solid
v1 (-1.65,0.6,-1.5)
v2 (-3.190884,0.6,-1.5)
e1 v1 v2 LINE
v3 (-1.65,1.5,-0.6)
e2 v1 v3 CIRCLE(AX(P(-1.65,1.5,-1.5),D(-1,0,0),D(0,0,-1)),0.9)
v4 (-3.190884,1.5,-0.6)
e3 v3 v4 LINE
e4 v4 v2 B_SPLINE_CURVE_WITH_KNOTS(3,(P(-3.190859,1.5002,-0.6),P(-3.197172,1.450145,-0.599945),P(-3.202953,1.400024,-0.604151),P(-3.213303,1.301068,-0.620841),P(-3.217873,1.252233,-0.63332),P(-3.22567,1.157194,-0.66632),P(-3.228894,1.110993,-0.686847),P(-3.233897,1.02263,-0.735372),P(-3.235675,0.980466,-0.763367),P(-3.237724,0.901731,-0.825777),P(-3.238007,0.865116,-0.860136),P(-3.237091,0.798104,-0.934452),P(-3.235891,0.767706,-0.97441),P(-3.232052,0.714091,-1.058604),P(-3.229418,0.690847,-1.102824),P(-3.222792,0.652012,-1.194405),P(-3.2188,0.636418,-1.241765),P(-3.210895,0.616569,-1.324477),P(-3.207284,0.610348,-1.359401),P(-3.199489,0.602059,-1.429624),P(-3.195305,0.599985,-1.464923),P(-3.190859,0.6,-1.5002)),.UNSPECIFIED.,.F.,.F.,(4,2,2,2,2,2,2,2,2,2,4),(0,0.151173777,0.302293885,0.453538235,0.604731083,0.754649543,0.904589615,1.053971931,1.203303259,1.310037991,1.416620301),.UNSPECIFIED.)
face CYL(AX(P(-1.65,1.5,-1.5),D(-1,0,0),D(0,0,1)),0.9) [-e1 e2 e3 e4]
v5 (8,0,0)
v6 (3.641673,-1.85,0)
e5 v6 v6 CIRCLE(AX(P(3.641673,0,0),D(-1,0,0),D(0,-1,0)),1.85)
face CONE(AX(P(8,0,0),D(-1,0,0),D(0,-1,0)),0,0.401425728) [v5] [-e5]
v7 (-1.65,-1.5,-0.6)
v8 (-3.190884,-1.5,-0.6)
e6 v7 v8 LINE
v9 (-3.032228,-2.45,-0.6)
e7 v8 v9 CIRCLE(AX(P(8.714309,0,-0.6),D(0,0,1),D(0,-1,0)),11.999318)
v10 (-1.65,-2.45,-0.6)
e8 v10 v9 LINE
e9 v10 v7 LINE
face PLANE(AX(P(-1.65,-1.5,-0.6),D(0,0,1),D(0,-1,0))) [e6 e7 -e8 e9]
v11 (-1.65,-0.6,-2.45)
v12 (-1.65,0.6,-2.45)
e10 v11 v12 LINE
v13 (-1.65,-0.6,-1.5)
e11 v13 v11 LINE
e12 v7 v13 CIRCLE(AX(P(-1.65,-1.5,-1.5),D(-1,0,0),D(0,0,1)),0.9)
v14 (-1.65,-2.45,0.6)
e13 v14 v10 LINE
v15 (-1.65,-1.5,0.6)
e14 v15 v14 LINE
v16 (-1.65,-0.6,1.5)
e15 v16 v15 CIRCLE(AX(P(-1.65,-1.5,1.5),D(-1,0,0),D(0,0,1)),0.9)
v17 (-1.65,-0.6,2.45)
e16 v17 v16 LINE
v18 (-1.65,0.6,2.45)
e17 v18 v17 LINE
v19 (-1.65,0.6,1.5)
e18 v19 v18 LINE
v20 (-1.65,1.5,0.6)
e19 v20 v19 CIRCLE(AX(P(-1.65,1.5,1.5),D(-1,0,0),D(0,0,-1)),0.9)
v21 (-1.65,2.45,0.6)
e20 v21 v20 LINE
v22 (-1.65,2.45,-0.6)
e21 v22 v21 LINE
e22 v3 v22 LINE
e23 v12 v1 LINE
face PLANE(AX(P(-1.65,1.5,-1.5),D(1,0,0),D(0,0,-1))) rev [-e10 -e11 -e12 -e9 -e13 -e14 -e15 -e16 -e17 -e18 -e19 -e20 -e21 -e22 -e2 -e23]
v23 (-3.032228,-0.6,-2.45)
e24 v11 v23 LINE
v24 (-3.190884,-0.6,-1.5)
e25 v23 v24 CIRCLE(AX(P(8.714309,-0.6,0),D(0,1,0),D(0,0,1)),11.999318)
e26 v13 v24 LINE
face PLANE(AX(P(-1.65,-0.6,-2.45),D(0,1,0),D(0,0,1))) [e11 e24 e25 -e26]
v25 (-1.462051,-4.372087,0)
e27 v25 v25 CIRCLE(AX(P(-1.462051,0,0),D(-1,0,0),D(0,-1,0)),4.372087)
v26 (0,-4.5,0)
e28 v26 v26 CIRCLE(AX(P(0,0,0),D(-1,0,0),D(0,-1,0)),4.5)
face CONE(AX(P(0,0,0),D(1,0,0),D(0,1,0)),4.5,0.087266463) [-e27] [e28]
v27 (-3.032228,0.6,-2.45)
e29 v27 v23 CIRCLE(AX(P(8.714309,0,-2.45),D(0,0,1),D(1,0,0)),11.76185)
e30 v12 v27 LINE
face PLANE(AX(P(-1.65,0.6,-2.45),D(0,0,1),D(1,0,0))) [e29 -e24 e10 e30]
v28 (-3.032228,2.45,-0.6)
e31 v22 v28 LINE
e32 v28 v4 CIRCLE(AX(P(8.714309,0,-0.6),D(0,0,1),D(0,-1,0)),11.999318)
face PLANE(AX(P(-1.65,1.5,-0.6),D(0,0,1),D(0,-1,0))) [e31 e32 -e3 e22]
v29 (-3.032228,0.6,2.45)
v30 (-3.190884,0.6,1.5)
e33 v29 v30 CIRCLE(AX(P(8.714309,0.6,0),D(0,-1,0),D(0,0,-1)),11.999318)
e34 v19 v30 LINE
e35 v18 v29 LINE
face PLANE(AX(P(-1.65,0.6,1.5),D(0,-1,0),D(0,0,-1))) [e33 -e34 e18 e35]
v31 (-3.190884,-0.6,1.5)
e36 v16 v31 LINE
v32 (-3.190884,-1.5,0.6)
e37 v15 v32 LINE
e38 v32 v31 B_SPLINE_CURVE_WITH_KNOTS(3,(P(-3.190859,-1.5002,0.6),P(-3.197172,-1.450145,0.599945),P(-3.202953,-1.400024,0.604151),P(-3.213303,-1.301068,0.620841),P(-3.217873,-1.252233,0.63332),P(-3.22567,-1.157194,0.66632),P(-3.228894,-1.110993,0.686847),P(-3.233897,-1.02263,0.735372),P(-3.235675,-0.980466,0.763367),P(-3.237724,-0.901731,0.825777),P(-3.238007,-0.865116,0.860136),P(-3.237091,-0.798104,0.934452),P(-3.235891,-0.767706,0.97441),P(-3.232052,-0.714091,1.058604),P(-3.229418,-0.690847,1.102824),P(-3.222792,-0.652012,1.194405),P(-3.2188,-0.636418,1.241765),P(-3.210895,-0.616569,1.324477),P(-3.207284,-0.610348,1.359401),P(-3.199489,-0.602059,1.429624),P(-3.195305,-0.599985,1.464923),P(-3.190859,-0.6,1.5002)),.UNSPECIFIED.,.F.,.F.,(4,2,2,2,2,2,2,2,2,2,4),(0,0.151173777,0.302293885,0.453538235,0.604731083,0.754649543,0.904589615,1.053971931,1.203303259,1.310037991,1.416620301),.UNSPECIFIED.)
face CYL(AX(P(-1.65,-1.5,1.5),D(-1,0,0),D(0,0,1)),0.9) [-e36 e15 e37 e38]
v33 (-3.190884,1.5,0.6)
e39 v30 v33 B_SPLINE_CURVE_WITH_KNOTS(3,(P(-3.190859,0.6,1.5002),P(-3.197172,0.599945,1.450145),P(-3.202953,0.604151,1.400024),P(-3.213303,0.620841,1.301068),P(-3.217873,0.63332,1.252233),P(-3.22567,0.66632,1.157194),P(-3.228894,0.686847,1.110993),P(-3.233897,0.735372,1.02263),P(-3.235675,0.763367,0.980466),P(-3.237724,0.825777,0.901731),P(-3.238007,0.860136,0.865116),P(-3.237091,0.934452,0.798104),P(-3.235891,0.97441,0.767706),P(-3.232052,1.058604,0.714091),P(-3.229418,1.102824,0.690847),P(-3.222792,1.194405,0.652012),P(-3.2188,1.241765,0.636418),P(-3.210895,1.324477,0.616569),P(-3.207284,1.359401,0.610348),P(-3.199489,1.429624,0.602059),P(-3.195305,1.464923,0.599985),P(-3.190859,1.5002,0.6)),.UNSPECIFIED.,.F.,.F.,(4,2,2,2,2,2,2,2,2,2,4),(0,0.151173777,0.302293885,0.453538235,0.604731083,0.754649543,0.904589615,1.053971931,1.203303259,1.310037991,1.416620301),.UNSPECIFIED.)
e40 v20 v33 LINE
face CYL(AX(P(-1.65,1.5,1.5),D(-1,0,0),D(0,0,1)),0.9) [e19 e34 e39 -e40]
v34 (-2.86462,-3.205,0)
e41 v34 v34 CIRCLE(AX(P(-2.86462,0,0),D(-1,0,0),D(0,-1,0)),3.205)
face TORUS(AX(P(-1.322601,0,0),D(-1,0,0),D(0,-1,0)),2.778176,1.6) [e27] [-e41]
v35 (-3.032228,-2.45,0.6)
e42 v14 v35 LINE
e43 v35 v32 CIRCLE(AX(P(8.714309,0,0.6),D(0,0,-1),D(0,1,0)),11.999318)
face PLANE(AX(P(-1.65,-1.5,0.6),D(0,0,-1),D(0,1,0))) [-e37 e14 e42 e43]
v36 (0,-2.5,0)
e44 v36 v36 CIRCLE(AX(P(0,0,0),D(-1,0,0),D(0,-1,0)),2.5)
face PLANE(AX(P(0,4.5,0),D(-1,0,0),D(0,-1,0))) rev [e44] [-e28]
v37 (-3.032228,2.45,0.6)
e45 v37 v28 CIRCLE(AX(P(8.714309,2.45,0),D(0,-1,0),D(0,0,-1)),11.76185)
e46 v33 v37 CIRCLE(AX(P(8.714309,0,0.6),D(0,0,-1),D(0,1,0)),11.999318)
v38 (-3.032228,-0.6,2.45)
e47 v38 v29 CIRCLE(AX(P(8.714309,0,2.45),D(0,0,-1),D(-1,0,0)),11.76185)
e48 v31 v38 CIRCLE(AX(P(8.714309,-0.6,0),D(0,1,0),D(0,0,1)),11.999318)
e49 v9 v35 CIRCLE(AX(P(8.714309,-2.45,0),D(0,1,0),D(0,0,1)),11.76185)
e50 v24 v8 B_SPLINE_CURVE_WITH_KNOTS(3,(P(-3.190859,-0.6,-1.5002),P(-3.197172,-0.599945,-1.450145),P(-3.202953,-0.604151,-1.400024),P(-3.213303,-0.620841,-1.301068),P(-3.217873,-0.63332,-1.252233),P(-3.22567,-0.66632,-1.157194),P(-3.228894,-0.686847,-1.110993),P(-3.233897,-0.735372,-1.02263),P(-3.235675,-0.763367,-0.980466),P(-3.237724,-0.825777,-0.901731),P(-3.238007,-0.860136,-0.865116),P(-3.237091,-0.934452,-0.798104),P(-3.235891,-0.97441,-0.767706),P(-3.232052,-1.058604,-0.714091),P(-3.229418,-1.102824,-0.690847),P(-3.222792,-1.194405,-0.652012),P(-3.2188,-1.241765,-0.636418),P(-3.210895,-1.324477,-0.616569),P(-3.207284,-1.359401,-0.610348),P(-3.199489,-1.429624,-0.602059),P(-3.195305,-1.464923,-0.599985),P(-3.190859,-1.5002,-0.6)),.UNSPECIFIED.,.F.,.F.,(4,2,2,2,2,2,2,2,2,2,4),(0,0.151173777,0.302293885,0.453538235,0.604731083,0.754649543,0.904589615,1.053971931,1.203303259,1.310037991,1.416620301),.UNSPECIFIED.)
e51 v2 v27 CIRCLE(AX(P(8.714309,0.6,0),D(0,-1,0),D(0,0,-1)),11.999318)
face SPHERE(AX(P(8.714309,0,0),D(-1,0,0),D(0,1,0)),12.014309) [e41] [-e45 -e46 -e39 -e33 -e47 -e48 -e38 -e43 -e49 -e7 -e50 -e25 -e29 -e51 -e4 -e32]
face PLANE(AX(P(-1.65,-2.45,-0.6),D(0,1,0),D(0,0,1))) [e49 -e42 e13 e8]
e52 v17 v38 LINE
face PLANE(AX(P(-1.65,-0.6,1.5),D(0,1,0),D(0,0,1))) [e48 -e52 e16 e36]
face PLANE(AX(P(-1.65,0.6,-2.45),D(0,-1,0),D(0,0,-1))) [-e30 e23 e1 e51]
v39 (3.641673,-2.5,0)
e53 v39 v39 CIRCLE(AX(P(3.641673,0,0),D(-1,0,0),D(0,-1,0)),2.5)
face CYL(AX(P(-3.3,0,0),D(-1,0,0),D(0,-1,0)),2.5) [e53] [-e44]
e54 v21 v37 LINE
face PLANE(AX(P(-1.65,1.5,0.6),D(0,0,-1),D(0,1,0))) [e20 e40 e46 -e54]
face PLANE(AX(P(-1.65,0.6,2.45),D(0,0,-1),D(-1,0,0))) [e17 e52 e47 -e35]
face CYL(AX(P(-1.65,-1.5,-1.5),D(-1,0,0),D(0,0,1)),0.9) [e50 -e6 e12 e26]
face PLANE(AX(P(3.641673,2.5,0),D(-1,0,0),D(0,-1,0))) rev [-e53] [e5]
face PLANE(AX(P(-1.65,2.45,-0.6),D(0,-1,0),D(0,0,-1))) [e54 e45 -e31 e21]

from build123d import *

# Parameters (mm, degrees)
CUT_EXTRUDE1_DEPTH = 1.65


with BuildPart() as part:
    # Sketch1 → Revolve1 (revolve)
    with BuildSketch(Plane.XY, mode=Mode.PRIVATE) as revolve1_sk:
        with BuildLine():
            Line((-1.462050681, 4.37208714), (0, 4.5))
            Line((0, 4.5), (0, 2.5))
            Line((0, 2.5), (3.641673123, 2.5))
            Line((3.641673123, 2.5), (3.641673123, 1.85))
            Line((3.641673123, 1.85), (8, 0))
            Line((8, 0), (-3.3, 0))
            ThreePointArc((-3.3, 0), (-3.190657425, 1.617218351), (-2.864619959, 3.205))
            ThreePointArc((-2.864619959, 3.205), (-2.346005844, 4.008071364), (-1.462050681, 4.37208714))
        make_face()
    revolve(revolve1_sk.sketch.rotate(Axis((-3.3, 0, 0), (1, 0, 0)), 180), axis=Axis((-3.3, 0, 0), (1, 0, 0)))

    # Sketch2 → Cut-Extrude1 (cut)
    with BuildSketch(Plane(origin=(-3.3, 0, 0), x_dir=(0, 0, -1), z_dir=(1, 0, 0))):
        with BuildLine():
            Line((0.6, 1.5), (0.6, 2.45))
            Line((0.6, 2.45), (-0.6, 2.45))
            Line((-0.6, 2.45), (-0.6, 1.5))
            ThreePointArc((-0.6, 1.5), (-0.863603897, 0.863603897), (-1.5, 0.6))
            Line((-1.5, 0.6), (-2.45, 0.6))
            Line((-2.45, 0.6), (-2.45, -0.6))
            Line((-2.45, -0.6), (-1.5, -0.6))
            ThreePointArc((-1.5, -0.6), (-0.863603897, -0.863603897), (-0.6, -1.5))
            Line((-0.6, -1.5), (-0.6, -2.45))
            Line((-0.6, -2.45), (0.6, -2.45))
            Line((0.6, -2.45), (0.6, -1.5))
            ThreePointArc((0.6, -1.5), (0.863603897, -0.863603897), (1.5, -0.6))
            Line((1.5, -0.6), (2.45, -0.6))
            Line((2.45, -0.6), (2.45, 0.6))
            Line((2.45, 0.6), (1.5, 0.6))
            ThreePointArc((1.5, 0.6), (0.863603897, 0.863603897), (0.6, 1.5))
        make_face()
    extrude(amount=CUT_EXTRUDE1_DEPTH, mode=Mode.SUBTRACT)


solid = part.part
